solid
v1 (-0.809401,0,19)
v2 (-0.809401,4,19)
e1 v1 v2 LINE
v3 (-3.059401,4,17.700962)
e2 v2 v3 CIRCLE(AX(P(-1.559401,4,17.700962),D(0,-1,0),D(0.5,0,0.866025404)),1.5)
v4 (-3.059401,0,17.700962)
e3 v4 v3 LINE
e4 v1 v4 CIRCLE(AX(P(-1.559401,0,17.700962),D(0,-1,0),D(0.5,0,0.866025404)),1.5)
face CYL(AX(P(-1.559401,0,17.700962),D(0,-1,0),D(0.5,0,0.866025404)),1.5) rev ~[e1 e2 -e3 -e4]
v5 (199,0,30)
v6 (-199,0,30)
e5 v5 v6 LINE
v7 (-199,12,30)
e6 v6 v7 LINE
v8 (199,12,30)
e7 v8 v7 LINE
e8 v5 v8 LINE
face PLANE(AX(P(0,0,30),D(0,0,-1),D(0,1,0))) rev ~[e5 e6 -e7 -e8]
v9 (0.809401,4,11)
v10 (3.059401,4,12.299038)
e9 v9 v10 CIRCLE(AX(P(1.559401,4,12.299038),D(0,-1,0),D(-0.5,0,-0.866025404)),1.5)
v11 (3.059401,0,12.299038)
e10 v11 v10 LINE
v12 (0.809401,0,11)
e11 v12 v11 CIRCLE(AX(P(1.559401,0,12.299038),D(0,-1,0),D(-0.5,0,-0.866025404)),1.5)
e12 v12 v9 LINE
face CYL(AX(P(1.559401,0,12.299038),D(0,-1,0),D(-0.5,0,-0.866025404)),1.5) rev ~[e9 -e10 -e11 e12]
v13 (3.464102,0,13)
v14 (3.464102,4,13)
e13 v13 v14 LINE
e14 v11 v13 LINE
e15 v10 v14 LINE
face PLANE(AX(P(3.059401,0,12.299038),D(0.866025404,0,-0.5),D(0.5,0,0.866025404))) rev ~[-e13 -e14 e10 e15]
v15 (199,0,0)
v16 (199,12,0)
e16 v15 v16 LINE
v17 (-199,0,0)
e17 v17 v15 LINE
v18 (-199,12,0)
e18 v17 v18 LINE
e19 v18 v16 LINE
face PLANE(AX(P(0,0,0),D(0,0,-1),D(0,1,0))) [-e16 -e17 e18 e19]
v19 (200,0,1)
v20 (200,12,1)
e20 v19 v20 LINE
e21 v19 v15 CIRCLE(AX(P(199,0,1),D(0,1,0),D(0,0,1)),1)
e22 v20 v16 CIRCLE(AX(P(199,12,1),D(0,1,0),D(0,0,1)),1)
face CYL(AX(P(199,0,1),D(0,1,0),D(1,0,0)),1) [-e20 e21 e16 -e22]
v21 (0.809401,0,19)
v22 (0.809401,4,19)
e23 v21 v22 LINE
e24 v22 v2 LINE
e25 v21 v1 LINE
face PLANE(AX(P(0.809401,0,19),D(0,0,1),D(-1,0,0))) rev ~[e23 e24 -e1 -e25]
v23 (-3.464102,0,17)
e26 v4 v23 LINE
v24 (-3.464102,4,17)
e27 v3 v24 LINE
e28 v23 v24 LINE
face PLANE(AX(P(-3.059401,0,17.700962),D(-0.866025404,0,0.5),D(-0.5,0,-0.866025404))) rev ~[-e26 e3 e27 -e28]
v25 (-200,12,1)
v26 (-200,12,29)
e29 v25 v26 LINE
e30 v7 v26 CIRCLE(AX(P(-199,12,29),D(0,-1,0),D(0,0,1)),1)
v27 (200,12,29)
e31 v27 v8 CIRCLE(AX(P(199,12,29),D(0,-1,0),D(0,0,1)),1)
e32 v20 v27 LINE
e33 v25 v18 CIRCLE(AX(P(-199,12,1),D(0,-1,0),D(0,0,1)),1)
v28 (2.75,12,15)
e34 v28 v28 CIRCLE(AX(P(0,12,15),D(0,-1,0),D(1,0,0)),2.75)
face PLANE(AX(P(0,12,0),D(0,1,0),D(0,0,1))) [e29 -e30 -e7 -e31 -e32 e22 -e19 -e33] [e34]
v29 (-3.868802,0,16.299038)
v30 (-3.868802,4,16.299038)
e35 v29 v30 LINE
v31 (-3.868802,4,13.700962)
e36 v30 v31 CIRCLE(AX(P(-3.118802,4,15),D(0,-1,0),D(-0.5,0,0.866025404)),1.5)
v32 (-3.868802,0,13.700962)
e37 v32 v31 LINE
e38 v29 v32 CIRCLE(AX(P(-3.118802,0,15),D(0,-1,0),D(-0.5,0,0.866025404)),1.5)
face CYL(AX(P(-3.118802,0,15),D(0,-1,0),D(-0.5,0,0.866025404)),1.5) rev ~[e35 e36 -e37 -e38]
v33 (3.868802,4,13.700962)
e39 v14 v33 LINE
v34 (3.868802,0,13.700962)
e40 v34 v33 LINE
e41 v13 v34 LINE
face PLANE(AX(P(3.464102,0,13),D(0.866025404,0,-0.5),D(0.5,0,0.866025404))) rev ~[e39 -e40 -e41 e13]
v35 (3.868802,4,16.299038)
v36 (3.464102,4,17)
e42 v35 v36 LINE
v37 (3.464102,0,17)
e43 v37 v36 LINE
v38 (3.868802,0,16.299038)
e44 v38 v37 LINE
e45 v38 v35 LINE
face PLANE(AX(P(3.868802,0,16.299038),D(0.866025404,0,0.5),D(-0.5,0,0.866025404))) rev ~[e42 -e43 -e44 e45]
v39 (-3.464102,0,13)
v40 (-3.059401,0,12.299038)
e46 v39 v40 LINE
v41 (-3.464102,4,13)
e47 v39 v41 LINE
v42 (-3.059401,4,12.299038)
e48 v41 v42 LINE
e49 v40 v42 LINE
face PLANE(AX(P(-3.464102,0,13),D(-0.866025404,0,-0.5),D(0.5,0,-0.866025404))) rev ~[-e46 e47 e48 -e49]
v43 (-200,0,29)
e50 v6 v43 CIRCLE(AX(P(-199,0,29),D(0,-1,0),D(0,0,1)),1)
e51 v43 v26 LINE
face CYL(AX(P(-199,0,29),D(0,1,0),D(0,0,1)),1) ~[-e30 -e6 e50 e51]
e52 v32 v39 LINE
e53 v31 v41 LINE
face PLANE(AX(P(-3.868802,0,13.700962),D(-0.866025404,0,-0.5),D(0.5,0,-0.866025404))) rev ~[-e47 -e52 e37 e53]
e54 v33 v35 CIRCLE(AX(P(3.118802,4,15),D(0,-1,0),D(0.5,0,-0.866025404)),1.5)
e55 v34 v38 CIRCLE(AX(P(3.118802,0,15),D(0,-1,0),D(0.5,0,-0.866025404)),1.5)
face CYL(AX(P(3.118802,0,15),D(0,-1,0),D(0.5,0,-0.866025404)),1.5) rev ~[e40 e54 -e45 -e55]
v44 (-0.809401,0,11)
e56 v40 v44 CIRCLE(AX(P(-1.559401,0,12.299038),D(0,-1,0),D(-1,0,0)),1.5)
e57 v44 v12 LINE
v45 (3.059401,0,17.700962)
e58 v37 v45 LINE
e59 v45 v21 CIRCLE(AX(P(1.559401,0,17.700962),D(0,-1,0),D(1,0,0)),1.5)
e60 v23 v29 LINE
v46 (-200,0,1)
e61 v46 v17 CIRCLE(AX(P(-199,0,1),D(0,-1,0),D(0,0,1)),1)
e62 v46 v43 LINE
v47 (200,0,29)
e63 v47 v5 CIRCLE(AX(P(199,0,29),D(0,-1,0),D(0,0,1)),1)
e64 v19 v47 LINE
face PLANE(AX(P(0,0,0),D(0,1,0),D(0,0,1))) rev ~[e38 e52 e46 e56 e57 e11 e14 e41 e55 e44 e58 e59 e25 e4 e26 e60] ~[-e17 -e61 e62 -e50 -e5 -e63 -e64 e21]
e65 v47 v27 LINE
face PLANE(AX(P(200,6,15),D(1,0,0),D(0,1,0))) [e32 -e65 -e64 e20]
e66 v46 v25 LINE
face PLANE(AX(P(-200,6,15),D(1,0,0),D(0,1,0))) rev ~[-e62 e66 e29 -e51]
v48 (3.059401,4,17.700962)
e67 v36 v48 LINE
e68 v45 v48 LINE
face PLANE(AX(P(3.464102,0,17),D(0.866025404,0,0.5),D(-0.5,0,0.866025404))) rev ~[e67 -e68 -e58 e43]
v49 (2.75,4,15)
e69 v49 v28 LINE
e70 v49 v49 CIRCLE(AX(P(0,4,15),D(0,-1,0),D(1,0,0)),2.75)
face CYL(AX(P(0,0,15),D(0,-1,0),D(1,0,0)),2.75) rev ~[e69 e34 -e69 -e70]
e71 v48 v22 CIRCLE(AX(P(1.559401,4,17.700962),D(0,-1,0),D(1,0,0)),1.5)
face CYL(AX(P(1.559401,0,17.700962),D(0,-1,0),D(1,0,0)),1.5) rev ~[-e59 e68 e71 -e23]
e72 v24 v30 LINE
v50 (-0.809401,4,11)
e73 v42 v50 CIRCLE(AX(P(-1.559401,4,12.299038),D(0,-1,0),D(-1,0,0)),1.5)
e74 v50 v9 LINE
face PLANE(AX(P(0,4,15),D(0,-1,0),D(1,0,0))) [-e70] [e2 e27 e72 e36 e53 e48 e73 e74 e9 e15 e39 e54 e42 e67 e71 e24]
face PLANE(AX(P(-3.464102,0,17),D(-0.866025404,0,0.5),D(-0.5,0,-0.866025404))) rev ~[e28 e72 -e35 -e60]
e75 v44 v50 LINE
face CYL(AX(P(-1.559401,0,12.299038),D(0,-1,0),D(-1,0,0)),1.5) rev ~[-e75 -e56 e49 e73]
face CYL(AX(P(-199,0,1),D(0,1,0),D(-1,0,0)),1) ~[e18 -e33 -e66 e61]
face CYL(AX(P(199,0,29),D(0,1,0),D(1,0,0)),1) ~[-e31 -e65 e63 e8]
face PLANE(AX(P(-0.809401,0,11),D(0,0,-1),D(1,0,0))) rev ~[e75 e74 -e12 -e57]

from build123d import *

# Parameters (mm, degrees)
F0_W     = 12
F0_H     = 30
F1_DEPTH = 200
F2_R     = 1
F3_R     = 2.75
F4_DEPTH = 4
F5_DEPTH = 12.001


with BuildPart() as f1:
    # F0 (on Right) → F1 (new body, symmetric)
    with BuildSketch(Plane.YZ):
        with Locations((6, 15)):
            Rectangle(F0_W, F0_H)
    extrude(amount=F1_DEPTH, both=True)

    # F2
    f2_edges = [f1.edges().sort_by_distance(p)[0] for p in [
        (-200, 6, 30),
        (200, 6, 30),
        (200, 6, 0),
        (-200, 6, 0),
    ]]
    fillet(f2_edges, radius=F2_R)

    # F3 (on face) → F4 (cut)
    with BuildSketch(Plane.XZ):
        with BuildLine():
            Line((3.4641016151, 17), (3.0594010768, 17.7009618943))
            ThreePointArc((3.0594010768, 17.7009618943), (2.3094010768, 19), (0.8094010768, 19))
            Line((0.8094010768, 19), (0, 19))
            Line((0, 19), (-0.8094010768, 19))
            ThreePointArc((-0.8094010768, 19), (-2.3094010768, 19), (-3.0594010768, 17.7009618943))
            Line((-3.0594010768, 17.7009618943), (-3.4641016151, 17))
            Line((-3.4641016151, 17), (-3.8688021535, 16.2990381057))
            ThreePointArc((-3.8688021535, 16.2990381057), (-4.6188021535, 15), (-3.8688021535, 13.7009618943))
            Line((-3.8688021535, 13.7009618943), (-3.4641016151, 13))
            Line((-3.4641016151, 13), (-3.0594010768, 12.2990381057))
            ThreePointArc((-3.0594010768, 12.2990381057), (-2.3094010768, 11), (-0.8094010768, 11))
            Line((-0.8094010768, 11), (0, 11))
            Line((0, 11), (0.8094010768, 11))
            ThreePointArc((0.8094010768, 11), (2.3094010768, 11), (3.0594010768, 12.2990381057))
            Line((3.0594010768, 12.2990381057), (3.4641016151, 13))
            Line((3.4641016151, 13), (3.8688021535, 13.7009618943))
            ThreePointArc((3.8688021535, 13.7009618943), (4.6188021535, 15), (3.8688021535, 16.2990381057))
            Line((3.8688021535, 16.2990381057), (3.4641016151, 17))
        make_face()
        with Locations((0, 15)):
            Circle(F3_R, mode=Mode.SUBTRACT)
    extrude(amount=-F4_DEPTH, mode=Mode.SUBTRACT)

    # F5 (cut, through all): a face of the model
    f5_faces = [f1.faces().sort_by_distance(p)[0] for p in [
        (0, 0, 15),
    ]]
    extrude(f5_faces, amount=-F5_DEPTH, mode=Mode.SUBTRACT)


solid = f1.part
